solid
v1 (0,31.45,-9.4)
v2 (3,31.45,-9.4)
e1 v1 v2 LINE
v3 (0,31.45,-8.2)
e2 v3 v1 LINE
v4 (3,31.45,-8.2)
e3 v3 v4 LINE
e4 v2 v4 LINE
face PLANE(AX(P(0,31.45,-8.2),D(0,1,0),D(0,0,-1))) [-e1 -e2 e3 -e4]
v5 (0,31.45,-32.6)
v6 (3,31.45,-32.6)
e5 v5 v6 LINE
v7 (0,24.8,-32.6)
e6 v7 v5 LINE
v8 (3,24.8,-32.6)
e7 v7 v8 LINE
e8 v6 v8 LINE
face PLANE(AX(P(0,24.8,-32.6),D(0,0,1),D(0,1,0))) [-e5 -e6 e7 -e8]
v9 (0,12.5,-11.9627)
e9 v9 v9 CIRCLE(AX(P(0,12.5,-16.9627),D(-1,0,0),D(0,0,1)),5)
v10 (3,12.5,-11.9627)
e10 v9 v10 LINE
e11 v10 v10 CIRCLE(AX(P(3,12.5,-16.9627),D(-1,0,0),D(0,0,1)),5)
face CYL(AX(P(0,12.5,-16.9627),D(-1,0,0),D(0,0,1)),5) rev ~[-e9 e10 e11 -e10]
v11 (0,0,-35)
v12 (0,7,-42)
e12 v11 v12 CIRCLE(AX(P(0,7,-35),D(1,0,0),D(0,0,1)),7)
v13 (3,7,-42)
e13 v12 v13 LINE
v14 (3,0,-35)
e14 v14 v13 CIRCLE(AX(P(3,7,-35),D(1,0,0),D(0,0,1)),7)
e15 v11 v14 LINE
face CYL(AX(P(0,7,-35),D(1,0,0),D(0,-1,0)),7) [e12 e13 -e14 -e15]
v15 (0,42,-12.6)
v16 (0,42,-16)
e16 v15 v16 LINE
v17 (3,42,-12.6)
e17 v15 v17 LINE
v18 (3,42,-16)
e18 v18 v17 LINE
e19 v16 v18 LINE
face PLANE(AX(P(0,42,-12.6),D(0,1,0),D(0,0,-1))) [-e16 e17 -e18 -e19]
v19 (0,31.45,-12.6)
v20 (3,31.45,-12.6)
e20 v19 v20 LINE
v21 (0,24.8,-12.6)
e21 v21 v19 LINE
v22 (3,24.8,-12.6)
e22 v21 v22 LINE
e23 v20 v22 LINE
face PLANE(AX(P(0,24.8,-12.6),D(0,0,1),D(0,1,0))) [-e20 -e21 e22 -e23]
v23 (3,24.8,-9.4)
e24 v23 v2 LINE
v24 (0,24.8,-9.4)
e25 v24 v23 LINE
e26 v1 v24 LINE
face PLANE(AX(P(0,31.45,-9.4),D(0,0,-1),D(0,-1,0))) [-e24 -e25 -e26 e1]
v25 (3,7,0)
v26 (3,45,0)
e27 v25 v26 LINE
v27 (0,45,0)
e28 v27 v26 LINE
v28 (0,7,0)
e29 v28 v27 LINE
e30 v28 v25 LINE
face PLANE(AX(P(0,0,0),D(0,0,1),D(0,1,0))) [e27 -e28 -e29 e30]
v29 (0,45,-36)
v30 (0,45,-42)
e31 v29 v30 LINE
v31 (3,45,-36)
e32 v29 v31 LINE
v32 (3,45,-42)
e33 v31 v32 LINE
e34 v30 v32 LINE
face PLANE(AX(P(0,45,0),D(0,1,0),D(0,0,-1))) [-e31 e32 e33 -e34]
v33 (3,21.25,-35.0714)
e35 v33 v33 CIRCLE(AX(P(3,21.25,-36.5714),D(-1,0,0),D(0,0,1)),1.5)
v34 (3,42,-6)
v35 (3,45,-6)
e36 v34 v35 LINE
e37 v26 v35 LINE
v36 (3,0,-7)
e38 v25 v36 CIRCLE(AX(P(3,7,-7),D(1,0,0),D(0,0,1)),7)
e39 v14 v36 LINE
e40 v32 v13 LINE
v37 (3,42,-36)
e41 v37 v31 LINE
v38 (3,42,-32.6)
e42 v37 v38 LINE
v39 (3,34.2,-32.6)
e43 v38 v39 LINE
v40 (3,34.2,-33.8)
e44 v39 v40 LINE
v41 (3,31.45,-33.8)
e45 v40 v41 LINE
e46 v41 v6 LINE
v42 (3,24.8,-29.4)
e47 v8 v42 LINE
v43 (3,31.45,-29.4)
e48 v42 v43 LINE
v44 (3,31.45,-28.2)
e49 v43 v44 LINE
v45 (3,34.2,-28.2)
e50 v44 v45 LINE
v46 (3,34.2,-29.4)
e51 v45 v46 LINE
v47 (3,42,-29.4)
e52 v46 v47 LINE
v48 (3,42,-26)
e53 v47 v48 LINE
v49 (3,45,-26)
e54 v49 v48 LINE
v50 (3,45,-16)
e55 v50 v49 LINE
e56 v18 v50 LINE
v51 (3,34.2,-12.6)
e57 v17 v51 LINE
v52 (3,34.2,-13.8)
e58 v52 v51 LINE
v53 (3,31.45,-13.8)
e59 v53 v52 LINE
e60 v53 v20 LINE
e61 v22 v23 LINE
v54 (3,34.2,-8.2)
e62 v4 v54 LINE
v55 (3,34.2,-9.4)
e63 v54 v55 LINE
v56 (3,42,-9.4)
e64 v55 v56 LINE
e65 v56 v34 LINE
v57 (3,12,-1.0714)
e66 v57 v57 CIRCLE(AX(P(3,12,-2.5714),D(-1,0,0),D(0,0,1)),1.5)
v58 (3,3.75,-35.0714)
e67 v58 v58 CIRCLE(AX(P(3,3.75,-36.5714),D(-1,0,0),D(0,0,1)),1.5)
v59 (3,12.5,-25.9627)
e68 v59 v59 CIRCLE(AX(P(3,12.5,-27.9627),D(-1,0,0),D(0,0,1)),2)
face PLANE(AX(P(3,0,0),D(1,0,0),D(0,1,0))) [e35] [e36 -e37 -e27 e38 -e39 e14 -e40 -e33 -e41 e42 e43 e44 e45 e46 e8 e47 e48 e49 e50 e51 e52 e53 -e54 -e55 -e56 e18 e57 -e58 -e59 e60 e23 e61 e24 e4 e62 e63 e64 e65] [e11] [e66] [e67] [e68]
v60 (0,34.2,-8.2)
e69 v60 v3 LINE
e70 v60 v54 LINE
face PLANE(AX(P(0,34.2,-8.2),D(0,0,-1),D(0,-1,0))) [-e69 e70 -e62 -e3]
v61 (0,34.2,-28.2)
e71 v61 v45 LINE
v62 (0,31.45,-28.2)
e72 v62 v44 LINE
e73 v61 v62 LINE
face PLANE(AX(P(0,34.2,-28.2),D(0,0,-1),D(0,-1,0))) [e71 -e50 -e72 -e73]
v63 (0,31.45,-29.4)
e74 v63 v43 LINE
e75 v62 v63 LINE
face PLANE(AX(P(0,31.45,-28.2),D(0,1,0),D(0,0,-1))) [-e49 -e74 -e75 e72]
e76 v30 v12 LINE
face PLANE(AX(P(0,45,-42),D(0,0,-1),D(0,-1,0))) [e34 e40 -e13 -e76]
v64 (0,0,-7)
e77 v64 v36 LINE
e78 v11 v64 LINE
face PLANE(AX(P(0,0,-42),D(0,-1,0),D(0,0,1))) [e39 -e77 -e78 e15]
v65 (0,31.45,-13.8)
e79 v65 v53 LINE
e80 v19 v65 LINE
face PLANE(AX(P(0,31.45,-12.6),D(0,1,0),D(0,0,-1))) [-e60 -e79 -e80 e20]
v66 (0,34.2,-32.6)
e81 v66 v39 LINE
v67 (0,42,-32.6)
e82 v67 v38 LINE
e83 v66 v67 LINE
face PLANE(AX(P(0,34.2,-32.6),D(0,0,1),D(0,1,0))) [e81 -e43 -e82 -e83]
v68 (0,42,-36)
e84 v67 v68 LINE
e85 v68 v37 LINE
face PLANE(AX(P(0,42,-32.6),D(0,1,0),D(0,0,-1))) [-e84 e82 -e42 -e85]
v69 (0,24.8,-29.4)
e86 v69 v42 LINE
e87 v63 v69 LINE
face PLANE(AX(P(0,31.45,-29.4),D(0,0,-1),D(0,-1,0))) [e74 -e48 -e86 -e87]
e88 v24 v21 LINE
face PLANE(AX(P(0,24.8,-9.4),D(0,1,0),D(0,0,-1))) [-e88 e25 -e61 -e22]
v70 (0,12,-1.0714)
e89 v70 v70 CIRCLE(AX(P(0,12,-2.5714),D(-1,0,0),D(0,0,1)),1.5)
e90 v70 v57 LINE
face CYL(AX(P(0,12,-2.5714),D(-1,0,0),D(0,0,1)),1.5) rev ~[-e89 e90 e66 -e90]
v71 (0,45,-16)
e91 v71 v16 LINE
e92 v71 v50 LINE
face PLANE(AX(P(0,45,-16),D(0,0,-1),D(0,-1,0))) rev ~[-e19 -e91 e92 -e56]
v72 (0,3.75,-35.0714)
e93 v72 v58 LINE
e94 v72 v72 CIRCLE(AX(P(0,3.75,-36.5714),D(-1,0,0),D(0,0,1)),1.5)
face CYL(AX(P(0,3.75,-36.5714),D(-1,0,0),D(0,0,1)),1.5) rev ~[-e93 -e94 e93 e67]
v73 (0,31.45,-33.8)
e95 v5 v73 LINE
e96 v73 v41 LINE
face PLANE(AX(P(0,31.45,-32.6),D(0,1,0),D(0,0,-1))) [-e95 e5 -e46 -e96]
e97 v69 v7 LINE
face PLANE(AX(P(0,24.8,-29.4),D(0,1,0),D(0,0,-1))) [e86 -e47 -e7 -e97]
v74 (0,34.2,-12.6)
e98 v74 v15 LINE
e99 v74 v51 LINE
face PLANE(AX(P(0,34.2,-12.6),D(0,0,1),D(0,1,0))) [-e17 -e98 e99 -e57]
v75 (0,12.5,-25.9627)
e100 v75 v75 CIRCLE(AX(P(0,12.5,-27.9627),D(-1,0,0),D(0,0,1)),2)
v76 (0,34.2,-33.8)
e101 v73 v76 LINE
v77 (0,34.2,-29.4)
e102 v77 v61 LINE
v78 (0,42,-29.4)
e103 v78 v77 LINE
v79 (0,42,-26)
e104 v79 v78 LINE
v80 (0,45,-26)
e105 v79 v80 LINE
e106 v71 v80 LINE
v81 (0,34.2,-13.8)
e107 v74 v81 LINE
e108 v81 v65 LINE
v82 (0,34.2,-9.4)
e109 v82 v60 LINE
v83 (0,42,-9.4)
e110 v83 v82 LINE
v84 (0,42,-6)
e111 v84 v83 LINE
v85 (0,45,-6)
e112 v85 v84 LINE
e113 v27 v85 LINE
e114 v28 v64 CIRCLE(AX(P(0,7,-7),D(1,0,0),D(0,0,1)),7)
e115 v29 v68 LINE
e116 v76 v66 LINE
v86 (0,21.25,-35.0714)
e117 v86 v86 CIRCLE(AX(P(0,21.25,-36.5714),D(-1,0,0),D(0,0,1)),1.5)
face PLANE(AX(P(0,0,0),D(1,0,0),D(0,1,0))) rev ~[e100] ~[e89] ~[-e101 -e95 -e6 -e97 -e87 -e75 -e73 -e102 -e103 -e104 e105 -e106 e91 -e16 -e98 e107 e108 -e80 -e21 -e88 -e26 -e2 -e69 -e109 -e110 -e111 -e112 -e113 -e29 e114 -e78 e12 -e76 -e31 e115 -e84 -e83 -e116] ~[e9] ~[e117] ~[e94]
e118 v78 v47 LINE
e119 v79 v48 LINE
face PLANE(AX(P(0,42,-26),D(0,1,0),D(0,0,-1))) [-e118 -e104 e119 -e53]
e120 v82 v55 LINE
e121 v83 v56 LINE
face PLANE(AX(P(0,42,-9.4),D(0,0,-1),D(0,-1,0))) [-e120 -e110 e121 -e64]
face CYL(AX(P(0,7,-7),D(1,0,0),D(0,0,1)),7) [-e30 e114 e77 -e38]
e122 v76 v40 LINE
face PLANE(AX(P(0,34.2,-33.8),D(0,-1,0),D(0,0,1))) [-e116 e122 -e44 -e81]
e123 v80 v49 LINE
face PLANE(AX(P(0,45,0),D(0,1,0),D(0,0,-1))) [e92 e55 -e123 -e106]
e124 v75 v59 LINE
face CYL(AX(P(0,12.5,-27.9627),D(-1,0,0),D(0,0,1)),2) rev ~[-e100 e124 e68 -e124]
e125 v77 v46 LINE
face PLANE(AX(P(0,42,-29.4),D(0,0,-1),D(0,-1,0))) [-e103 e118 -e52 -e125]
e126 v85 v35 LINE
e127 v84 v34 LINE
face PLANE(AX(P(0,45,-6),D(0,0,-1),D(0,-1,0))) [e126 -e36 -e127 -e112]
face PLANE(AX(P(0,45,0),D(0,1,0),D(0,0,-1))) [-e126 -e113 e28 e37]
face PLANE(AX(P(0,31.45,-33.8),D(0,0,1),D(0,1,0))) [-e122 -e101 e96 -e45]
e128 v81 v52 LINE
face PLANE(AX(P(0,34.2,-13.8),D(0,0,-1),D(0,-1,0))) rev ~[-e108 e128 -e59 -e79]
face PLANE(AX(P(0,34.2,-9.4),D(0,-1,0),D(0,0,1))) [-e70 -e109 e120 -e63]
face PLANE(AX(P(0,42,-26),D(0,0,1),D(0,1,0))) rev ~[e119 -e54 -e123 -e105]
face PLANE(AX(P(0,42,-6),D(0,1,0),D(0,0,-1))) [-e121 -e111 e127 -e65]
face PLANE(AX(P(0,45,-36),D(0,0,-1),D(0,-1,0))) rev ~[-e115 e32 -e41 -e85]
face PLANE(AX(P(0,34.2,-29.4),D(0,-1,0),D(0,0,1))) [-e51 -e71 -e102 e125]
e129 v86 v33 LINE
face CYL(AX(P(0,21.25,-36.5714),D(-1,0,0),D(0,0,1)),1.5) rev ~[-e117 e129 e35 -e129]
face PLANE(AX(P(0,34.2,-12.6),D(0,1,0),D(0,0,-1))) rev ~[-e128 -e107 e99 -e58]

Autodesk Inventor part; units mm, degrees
ref_plane "YZ Plane" through (0, 0, 0) normal (1, 0, 0) x (0, 1, 0)
ref_plane "XZ Plane" through (0, 0, 0) normal (0, 1, 0) x (-1, 0, 0)
ref_plane "XY Plane" through (0, 0, 0) normal (0, 0, 1) x (1, 0, 0)
sketch "Sketch1" plane through (0, 0, 0) normal (1, 0, 0) x (0, 1, 0)
  line L0 (0, 0) -> (45, 0)
  line L1 (45, 0) -> (45, -42)
  line L2 (45, -42) -> (0, -42)
  line L3 (0, -42) -> (0, 0)
  dimension "d0" = 45
  dimension "d1" = 42
extrude "Extrusion1" add sketch "Sketch1" along normal blind 3
sketch "Sketch4" plane through (0, 0, 0) normal (-1, 0, 0) x (0, 0, 1)
  circle A0 centre (-2.5714, 12) radius 1.5
  circle A1 centre (-36.5714, 21.25) radius 1.5
  circle A2 centre (-36.5714, 3.75) radius 1.5
  circle A3 centre (-16.9627, 12.5) radius 5
  line L0 (-42, 0) -> (0, 0) projected
  circle A4 centre (-27.9627, 12.5) radius 2
  point P0 (0, 10)
  point P1 (-32, 0)
  point P2 (-10, 0)
  dimension "d21" = 3
  dimension "d23" = 3
  dimension "d26" = 3
  dimension "d29" = 10
  dimension "d32" = 12.5
  dimension "d76" = 4
  dimension "d77" = 4
  dimension "d78" = 12.5
  dimension "d79" = 7.9
extrude "Extrusion4" cut sketch "Sketch4" against normal blind 4
sketch "Sketch5" plane through (0, 0, 0) normal (-1, 0, 0) x (0, 0, 1)
  line L0 (-16, 45) -> (-16, 42)
  line L1 (-26, 42) -> (-26, 45)
  line L2 (-36, 45) -> (-36, 42)
  line L3 (-42, 42) -> (-42, 45)
  line L4 (-6, 45) -> (-6, 42)
  line L5 (-42, 45) -> (0, 45) projected
  line L6 (-6, 45) -> (-16, 45)
  line L7 (-16, 42) -> (-16, 45)
  line L8 (-26, 45) -> (-36, 45)
  line L9 (-9.4, 24.8) -> (-12.6, 24.8)
  line L10 (-9.4, 34.2) -> (-8.2, 34.2)
  line L11 (-8.2, 34.2) -> (-8.2, 31.45)
  line L12 (-8.2, 31.45) -> (-9.4, 31.45)
  line L13 (-12.6, 34.2) -> (-13.8, 34.2)
  line L14 (-13.8, 34.2) -> (-13.8, 31.45)
  line L15 (-12.6, 31.45) -> (-13.8, 31.45)
  line L16 (-9.4, 42) -> (-9.4, 34.2)
  line L17 (-9.4, 31.45) -> (-9.4, 24.8)
  line L18 (-12.6, 24.8) -> (-12.6, 31.45)
  line L19 (-12.6, 34.2) -> (-12.6, 42)
  line L20 (-6, 42) -> (-9.4, 42)
  line L21 (-12.6, 42) -> (-16, 42)
  line L22 (-26, 42) -> (-29.4, 42)
  line L23 (-29.4, 42) -> (-29.4, 34.2)
  line L24 (-29.4, 34.2) -> (-28.2, 34.2)
  line L25 (-28.2, 34.2) -> (-28.2, 31.45)
  line L26 (-28.2, 31.45) -> (-29.4, 31.45)
  line L27 (-29.4, 31.45) -> (-29.4, 24.8)
  line L28 (-29.4, 24.8) -> (-32.6, 24.8)
  line L29 (-32.6, 24.8) -> (-32.6, 31.45)
  line L30 (-32.6, 31.45) -> (-33.8, 31.45)
  line L31 (-33.8, 31.45) -> (-33.8, 34.2)
  line L32 (-33.8, 34.2) -> (-32.6, 34.2)
  line L33 (-32.6, 34.2) -> (-32.6, 42)
  line L34 (-32.6, 42) -> (-36, 42)
  dimension "d38" = 10
  dimension "d42" = 6
  dimension "d47" = 10
  dimension "d48" = 10
  dimension "d55" = 2.75
  dimension "d59" = 3
  dimension "d60" = 7.8
  dimension "d61" = 6.65
  dimension "d62" = 5.6
  dimension "d63" = 3.2
  dimension "d64" = 3.4
  dimension "d65" = 3.4
  dimension "d66" = 7.8
  dimension "d67" = 1.2
  dimension "d68" = 1.2
  dimension "d69" = 2.75
  dimension "d70" = 3.2
  dimension "d71" = 1.2
  dimension "d72" = 1.2
  dimension "d73" = 6.65
  dimension "d74" = 7.8
  dimension "d75" = 20.2
extrude "Extrusion5" cut sketch "Sketch5" against normal blind 4
fillet "Fillet2" radius 7 2 edges at (1.5, 0, 0) (1.5, 0, -42)
properties part number "motor mount" material "Plywood, Finish"
